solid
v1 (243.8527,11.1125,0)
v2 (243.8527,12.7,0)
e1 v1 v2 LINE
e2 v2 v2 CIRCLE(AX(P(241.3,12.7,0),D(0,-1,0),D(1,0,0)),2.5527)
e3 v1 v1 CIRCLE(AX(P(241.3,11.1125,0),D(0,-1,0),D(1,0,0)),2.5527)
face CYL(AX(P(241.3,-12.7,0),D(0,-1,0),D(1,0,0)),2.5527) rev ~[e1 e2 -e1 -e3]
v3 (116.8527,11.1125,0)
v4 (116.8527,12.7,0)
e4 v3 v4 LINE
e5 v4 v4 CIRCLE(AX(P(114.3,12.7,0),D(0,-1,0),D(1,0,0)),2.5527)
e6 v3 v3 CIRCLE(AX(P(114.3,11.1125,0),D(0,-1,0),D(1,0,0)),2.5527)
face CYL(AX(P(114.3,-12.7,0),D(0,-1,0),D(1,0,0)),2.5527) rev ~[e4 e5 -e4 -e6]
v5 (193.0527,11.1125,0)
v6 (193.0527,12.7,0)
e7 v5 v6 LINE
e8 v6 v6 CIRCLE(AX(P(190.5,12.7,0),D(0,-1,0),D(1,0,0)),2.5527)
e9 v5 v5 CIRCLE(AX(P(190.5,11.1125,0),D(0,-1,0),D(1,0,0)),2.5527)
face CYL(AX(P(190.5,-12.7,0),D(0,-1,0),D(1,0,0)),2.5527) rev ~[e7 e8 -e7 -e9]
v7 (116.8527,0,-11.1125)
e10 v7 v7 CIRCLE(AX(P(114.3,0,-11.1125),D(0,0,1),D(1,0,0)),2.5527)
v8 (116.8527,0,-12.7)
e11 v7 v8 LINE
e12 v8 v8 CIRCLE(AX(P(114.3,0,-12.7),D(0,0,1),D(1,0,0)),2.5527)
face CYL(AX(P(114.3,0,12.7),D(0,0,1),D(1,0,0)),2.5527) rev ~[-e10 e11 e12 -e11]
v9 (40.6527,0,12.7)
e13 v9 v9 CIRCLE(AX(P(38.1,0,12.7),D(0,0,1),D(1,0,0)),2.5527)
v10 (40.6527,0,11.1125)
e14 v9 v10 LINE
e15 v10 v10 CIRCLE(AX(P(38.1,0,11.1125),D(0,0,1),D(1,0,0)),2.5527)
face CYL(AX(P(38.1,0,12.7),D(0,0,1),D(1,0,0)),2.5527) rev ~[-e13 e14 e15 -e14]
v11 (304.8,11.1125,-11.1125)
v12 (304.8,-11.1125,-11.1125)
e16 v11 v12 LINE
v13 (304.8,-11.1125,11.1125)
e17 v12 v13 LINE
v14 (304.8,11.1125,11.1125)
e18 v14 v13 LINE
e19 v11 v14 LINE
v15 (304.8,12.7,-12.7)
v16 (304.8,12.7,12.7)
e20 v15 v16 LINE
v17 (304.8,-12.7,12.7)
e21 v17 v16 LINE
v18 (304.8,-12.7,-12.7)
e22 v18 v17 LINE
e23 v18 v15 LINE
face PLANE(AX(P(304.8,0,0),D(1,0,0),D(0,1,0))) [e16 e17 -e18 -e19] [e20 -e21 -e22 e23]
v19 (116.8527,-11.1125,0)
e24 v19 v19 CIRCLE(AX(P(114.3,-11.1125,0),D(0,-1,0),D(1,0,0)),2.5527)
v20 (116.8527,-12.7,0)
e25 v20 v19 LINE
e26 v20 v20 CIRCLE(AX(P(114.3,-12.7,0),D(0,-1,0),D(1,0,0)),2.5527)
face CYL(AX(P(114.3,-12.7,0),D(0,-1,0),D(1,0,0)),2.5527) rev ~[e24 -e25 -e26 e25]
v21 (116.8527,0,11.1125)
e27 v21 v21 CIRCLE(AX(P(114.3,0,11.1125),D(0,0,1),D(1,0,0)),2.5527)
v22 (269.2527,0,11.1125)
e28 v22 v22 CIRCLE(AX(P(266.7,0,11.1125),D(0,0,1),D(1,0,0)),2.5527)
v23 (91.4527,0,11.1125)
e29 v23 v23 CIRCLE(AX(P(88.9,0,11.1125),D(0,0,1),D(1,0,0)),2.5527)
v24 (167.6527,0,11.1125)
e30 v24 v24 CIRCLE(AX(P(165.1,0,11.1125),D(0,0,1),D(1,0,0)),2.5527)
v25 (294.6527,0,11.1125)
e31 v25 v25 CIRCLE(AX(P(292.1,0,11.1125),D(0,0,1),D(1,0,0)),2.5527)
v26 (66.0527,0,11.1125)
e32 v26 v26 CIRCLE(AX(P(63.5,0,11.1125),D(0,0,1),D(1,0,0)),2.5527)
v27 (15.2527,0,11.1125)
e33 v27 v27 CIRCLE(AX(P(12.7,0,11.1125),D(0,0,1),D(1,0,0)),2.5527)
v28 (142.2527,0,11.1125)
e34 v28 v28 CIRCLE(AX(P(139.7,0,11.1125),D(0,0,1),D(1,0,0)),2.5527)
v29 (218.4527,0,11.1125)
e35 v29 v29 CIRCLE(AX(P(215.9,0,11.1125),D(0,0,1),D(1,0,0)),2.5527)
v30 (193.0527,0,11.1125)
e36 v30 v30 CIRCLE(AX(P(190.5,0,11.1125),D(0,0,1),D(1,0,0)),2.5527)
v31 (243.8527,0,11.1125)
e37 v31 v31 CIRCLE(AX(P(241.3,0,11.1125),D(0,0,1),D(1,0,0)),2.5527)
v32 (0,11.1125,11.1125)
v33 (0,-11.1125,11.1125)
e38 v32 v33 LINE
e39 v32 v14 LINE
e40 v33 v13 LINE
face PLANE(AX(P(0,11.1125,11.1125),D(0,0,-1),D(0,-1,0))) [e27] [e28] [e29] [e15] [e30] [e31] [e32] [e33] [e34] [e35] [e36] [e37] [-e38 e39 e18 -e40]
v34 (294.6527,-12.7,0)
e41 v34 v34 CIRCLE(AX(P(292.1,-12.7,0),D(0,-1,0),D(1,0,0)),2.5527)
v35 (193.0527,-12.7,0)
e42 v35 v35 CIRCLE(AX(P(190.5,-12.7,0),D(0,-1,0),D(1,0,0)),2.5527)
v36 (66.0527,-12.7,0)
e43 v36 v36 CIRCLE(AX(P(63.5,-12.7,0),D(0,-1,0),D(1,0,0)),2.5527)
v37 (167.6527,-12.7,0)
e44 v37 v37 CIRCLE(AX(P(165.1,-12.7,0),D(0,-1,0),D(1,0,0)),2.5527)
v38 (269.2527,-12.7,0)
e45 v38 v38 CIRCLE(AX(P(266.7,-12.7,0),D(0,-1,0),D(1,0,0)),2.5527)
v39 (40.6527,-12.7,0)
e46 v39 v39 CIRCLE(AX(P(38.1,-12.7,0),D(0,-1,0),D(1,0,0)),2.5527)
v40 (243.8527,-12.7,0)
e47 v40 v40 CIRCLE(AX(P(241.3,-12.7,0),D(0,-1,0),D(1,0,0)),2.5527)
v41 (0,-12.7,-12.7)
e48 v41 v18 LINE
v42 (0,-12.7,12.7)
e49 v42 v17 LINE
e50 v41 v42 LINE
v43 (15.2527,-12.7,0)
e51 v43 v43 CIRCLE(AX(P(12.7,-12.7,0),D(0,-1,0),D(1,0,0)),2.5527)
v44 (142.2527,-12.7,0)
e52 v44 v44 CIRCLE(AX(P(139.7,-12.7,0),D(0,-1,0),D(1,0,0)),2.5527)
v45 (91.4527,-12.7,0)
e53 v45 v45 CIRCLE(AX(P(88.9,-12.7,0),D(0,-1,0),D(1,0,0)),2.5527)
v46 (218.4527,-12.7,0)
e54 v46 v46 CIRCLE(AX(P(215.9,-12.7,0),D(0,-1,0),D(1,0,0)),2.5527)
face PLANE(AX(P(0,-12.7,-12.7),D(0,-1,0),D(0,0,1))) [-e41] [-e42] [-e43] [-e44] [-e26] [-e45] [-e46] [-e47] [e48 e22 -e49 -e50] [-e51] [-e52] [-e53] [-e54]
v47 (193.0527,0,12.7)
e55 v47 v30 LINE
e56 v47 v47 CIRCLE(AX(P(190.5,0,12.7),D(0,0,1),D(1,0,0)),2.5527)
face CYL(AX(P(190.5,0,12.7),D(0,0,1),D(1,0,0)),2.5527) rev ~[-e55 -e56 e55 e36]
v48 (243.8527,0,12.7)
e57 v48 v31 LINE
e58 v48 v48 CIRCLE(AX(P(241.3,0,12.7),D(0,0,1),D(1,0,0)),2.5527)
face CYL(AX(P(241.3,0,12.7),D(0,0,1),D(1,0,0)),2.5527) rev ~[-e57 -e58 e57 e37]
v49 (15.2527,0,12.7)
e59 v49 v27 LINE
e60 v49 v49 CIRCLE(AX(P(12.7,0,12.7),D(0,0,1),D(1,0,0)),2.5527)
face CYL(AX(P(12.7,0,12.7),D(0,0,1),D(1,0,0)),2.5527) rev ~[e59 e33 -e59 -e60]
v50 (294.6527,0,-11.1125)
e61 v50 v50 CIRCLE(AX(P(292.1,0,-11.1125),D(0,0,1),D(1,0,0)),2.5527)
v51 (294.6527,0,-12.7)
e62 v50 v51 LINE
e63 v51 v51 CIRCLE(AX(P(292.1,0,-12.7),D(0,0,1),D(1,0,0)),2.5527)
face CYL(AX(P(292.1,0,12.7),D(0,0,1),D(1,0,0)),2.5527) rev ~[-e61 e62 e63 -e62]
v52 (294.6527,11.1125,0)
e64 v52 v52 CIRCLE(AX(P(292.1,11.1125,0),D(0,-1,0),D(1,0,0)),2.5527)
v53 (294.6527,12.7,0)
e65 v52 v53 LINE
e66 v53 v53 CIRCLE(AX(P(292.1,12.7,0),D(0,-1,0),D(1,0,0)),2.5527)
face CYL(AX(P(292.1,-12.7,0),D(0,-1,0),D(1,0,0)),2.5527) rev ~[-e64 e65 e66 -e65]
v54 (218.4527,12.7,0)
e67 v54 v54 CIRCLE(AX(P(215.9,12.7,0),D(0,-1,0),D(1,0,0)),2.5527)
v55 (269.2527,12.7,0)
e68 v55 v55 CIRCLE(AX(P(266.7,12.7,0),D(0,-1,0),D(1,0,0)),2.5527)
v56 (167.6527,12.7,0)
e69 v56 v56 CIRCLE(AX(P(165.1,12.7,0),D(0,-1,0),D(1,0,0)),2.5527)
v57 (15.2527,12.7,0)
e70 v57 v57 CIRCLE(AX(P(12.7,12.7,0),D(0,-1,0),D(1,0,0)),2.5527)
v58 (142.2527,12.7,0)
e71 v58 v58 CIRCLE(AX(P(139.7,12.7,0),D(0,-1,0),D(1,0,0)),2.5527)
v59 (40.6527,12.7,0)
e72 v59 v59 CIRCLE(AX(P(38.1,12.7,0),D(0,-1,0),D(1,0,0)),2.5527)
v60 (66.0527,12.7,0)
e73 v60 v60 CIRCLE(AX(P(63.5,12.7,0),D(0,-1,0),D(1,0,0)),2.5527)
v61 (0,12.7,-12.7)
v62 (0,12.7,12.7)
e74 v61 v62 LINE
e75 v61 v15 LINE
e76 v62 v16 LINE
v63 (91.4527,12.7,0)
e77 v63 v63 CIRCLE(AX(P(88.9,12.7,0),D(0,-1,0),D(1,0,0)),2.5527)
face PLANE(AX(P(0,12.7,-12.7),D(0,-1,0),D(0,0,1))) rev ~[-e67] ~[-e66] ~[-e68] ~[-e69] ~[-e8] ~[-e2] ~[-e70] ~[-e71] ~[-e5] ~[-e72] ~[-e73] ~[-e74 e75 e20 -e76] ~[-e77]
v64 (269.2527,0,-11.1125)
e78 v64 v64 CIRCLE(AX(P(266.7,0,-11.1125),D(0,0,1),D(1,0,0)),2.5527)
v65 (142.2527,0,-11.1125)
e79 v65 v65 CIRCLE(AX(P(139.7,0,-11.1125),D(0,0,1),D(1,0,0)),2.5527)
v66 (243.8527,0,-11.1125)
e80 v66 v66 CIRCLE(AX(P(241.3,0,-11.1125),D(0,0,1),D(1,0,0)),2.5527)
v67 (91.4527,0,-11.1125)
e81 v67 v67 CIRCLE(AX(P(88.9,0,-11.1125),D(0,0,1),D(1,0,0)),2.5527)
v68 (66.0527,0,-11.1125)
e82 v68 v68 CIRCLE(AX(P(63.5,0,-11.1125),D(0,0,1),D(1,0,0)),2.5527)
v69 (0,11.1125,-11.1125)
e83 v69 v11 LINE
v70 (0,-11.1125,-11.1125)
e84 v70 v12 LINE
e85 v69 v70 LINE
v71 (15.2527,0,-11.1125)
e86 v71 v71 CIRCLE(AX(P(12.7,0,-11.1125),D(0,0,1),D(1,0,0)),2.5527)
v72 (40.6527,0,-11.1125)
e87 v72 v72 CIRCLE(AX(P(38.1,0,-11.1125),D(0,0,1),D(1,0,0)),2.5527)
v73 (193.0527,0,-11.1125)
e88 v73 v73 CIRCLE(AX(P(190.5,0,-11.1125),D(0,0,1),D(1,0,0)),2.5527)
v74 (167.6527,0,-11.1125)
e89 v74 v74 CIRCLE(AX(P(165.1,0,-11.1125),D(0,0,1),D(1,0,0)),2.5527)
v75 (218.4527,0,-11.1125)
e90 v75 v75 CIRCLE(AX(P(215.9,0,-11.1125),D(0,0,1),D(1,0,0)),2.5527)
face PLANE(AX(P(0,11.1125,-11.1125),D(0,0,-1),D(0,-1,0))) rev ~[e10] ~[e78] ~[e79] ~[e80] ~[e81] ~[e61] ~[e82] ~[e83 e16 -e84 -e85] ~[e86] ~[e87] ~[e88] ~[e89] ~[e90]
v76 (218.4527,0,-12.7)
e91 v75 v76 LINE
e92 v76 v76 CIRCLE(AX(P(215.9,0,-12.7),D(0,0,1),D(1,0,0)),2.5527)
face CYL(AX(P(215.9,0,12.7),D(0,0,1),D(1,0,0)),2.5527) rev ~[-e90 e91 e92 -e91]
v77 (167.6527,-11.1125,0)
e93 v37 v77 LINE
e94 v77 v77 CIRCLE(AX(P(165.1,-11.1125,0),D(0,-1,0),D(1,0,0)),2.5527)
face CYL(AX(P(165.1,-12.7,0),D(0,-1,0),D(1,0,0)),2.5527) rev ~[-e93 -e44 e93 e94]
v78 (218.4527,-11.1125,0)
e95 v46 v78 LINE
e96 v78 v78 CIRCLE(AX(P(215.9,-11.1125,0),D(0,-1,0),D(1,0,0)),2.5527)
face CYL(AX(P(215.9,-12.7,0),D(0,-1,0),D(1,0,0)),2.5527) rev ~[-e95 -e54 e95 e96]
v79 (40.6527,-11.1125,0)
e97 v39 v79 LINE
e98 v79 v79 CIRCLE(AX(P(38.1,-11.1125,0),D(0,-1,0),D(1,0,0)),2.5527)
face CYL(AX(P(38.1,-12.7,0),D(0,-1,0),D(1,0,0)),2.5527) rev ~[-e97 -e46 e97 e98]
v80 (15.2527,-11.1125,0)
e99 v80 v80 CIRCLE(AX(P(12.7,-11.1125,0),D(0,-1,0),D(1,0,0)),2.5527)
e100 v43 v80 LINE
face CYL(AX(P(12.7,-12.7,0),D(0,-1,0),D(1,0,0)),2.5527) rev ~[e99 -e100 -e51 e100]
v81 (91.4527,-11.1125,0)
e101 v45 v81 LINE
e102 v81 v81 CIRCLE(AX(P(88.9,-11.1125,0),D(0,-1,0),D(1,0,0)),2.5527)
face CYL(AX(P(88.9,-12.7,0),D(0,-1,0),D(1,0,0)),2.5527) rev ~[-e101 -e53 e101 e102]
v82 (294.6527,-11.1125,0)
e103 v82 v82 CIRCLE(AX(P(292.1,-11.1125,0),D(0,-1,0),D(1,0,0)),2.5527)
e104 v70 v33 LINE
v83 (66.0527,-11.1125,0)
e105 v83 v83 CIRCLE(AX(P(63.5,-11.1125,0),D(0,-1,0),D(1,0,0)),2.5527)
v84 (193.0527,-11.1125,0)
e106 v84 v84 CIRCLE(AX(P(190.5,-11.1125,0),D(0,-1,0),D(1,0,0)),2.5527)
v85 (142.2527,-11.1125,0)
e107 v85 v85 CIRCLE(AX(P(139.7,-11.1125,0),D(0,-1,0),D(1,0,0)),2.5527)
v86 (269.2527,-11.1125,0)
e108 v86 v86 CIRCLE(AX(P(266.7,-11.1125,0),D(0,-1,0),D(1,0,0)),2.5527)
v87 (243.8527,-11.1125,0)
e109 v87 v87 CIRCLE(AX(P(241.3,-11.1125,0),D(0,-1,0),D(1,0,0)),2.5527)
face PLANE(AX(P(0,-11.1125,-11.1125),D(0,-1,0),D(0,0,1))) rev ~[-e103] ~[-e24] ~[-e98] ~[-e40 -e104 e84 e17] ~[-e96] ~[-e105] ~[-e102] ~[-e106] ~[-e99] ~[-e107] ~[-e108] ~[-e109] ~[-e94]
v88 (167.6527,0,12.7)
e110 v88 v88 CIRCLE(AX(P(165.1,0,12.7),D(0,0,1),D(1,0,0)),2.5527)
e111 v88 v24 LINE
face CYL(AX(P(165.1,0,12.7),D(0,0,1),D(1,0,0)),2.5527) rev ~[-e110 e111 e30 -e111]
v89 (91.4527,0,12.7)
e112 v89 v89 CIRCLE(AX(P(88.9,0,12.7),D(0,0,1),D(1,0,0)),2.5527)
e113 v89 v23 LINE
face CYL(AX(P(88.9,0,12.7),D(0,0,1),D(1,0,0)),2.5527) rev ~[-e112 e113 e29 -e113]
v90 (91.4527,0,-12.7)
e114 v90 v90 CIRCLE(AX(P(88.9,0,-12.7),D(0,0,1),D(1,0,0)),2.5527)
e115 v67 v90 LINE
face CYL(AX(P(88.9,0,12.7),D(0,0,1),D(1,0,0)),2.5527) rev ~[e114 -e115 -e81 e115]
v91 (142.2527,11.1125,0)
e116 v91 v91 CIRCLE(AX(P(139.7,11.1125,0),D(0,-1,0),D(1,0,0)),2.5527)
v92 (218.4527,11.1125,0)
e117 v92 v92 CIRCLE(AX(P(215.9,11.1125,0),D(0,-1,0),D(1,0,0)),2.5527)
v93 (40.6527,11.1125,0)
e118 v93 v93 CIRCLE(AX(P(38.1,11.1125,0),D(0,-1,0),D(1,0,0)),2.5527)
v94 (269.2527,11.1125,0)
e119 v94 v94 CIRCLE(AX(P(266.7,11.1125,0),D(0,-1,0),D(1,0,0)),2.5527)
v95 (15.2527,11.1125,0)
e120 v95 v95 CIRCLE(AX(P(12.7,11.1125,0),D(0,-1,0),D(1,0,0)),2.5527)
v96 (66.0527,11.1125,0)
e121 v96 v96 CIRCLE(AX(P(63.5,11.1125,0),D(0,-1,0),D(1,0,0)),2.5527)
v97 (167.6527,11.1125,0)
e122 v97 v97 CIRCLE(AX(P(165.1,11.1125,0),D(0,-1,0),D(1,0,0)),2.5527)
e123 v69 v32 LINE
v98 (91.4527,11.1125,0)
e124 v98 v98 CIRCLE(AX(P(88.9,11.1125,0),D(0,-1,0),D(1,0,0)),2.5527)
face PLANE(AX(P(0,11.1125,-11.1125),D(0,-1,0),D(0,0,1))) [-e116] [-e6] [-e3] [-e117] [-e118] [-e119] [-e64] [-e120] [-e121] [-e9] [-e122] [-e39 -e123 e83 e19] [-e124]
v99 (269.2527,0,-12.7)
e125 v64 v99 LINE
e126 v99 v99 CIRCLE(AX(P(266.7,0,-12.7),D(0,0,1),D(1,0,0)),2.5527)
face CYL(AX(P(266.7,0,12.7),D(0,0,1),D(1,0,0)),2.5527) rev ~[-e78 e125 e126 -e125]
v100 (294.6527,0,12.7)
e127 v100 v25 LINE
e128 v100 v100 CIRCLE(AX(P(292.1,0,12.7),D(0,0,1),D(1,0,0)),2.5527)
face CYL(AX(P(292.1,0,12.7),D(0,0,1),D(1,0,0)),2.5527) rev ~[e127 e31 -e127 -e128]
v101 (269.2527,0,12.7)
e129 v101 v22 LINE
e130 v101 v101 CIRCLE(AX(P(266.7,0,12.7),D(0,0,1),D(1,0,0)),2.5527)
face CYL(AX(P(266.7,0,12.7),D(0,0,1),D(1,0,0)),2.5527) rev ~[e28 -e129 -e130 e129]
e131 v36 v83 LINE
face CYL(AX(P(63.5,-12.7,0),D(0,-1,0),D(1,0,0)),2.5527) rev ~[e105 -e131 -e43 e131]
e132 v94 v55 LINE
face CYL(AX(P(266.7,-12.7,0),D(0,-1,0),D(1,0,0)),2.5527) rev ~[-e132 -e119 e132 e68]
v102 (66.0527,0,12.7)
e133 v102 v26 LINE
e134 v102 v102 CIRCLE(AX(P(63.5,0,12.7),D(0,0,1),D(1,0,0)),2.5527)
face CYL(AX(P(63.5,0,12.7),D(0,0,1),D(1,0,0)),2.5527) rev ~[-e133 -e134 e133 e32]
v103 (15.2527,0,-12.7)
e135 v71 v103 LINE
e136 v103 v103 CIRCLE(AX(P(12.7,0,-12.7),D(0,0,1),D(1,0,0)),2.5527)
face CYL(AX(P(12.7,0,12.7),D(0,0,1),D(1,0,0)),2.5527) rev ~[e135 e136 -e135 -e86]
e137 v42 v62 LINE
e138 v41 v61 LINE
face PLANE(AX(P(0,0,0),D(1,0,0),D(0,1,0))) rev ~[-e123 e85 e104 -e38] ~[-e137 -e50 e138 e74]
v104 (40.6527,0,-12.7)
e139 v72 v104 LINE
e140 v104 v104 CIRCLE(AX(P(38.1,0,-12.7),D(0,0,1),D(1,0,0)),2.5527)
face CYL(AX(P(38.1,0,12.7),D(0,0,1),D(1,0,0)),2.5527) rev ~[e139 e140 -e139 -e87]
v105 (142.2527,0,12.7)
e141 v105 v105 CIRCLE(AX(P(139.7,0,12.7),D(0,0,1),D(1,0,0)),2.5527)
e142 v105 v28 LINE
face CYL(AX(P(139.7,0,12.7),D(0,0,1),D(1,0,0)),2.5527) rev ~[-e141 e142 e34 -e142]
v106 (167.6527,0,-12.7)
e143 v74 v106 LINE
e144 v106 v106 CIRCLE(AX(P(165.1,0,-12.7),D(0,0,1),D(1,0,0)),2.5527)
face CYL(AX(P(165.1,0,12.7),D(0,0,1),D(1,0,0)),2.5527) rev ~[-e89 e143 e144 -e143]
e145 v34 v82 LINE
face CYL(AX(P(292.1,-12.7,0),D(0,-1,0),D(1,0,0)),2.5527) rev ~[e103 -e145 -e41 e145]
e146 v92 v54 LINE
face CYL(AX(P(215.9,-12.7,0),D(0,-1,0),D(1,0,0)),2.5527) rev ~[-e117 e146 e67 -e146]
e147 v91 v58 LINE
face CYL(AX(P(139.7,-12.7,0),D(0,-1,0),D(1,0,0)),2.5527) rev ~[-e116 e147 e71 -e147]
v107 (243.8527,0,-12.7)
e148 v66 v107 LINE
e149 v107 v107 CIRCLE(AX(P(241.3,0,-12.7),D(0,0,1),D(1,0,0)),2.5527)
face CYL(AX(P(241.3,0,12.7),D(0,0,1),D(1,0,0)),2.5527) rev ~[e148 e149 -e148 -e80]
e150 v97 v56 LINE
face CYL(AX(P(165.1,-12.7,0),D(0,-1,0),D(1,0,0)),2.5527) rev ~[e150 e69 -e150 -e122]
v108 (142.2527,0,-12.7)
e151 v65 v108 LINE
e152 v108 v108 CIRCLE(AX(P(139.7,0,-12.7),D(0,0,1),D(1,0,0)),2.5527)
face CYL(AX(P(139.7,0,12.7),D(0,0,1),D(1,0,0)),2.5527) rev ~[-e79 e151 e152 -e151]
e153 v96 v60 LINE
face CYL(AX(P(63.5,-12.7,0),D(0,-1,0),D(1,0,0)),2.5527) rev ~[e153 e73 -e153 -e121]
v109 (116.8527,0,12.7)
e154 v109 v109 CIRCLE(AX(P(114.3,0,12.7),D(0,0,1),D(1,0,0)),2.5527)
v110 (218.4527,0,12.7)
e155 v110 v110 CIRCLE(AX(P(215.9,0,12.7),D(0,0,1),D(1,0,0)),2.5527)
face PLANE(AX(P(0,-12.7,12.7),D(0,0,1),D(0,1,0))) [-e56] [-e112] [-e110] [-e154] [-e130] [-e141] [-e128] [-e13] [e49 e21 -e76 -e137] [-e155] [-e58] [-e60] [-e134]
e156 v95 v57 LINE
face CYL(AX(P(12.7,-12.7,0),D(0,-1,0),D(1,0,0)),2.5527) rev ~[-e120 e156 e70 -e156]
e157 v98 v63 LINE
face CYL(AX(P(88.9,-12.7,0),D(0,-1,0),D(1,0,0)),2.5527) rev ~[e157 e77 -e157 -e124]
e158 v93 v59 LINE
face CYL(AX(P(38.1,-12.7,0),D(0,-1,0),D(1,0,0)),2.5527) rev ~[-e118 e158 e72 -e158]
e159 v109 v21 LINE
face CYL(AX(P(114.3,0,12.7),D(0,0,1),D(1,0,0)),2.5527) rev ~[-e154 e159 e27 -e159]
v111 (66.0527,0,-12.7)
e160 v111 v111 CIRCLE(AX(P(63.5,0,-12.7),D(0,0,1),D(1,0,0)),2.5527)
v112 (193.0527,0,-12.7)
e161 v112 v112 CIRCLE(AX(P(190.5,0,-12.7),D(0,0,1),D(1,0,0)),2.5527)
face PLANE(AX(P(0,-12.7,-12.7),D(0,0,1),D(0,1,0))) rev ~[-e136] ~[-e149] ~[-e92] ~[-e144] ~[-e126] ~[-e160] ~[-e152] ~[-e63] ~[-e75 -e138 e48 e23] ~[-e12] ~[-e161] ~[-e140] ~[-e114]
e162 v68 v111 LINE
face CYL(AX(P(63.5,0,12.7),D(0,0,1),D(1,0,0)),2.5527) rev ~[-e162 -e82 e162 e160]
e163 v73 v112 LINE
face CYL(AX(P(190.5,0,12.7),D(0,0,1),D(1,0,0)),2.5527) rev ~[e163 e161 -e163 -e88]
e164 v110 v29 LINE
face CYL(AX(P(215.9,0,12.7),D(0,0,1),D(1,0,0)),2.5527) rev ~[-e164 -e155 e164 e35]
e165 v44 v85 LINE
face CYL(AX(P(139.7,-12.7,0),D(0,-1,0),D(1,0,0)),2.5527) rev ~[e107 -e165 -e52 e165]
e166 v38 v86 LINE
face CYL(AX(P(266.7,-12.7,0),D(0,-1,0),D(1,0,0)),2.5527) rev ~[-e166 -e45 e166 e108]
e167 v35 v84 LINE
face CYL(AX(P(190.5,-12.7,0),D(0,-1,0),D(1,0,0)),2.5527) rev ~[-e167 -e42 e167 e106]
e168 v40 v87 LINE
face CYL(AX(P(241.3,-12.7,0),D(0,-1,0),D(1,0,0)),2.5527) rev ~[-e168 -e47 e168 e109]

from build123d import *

# Parameters (mm, degrees)
F0_W     = 25.4
F0_H     = 25.4
F1_DEPTH = 304.8
F2_R     = 2.5527
F3_DEPTH = 25.4
F4_W     = 22.225
F4_H     = 22.225
F5_DEPTH = 304.8
F6_R     = 2.5527
F7_DEPTH = 25.4


with BuildPart() as f1:
    # F0 (on Right) → F1 (new body)
    with BuildSketch(Plane.YZ):
        Rectangle(F0_W, F0_H)
    extrude(amount=F1_DEPTH)

    # F2 (on face) → F3 (cut)
    with BuildSketch(Plane.XZ.offset(12.7)):
        with Locations((12.7, 0)):
            Circle(F2_R)
        with Locations((38.1, 0)):
            Circle(F2_R)
        with Locations((63.5, 0)):
            Circle(F2_R)
        with Locations((88.9, 0)):
            Circle(F2_R)
        with Locations((114.3, 0)):
            Circle(F2_R)
        with Locations((139.7, 0)):
            Circle(F2_R)
        with Locations((165.1, 0)):
            Circle(F2_R)
        with Locations((190.5, 0)):
            Circle(F2_R)
        with Locations((215.9, 0)):
            Circle(F2_R)
        with Locations((241.3, 0)):
            Circle(F2_R)
        with Locations((266.7, 0)):
            Circle(F2_R)
        with Locations((292.1, 0)):
            Circle(F2_R)
    extrude(amount=-F3_DEPTH, mode=Mode.SUBTRACT)

    # F4 (on face) → F5 (cut)
    with BuildSketch(Plane(origin=(0, 0, 0), x_dir=(0, -1, 0), z_dir=(-1, 0, 0))):
        Rectangle(F4_W, F4_H)
    extrude(amount=-F5_DEPTH, mode=Mode.SUBTRACT)

    # F6 (on face) → F7 (cut)
    with BuildSketch(Plane.XY.offset(12.7)):
        with Locations((12.7, 0)):
            Circle(F6_R)
        with Locations((38.1, 0)):
            Circle(F6_R)
        with Locations((63.5, 0)):
            Circle(F6_R)
        with Locations((88.9, 0)):
            Circle(F6_R)
        with Locations((114.3, 0)):
            Circle(F6_R)
        with Locations((139.7, 0)):
            Circle(F6_R)
        with Locations((165.1, 0)):
            Circle(F6_R)
        with Locations((190.5, 0)):
            Circle(F6_R)
        with Locations((215.9, 0)):
            Circle(F6_R)
        with Locations((241.3, 0)):
            Circle(F6_R)
        with Locations((266.7, 0)):
            Circle(F6_R)
        with Locations((292.1, 0)):
            Circle(F6_R)
    extrude(amount=-F7_DEPTH, mode=Mode.SUBTRACT)


solid = f1.part
